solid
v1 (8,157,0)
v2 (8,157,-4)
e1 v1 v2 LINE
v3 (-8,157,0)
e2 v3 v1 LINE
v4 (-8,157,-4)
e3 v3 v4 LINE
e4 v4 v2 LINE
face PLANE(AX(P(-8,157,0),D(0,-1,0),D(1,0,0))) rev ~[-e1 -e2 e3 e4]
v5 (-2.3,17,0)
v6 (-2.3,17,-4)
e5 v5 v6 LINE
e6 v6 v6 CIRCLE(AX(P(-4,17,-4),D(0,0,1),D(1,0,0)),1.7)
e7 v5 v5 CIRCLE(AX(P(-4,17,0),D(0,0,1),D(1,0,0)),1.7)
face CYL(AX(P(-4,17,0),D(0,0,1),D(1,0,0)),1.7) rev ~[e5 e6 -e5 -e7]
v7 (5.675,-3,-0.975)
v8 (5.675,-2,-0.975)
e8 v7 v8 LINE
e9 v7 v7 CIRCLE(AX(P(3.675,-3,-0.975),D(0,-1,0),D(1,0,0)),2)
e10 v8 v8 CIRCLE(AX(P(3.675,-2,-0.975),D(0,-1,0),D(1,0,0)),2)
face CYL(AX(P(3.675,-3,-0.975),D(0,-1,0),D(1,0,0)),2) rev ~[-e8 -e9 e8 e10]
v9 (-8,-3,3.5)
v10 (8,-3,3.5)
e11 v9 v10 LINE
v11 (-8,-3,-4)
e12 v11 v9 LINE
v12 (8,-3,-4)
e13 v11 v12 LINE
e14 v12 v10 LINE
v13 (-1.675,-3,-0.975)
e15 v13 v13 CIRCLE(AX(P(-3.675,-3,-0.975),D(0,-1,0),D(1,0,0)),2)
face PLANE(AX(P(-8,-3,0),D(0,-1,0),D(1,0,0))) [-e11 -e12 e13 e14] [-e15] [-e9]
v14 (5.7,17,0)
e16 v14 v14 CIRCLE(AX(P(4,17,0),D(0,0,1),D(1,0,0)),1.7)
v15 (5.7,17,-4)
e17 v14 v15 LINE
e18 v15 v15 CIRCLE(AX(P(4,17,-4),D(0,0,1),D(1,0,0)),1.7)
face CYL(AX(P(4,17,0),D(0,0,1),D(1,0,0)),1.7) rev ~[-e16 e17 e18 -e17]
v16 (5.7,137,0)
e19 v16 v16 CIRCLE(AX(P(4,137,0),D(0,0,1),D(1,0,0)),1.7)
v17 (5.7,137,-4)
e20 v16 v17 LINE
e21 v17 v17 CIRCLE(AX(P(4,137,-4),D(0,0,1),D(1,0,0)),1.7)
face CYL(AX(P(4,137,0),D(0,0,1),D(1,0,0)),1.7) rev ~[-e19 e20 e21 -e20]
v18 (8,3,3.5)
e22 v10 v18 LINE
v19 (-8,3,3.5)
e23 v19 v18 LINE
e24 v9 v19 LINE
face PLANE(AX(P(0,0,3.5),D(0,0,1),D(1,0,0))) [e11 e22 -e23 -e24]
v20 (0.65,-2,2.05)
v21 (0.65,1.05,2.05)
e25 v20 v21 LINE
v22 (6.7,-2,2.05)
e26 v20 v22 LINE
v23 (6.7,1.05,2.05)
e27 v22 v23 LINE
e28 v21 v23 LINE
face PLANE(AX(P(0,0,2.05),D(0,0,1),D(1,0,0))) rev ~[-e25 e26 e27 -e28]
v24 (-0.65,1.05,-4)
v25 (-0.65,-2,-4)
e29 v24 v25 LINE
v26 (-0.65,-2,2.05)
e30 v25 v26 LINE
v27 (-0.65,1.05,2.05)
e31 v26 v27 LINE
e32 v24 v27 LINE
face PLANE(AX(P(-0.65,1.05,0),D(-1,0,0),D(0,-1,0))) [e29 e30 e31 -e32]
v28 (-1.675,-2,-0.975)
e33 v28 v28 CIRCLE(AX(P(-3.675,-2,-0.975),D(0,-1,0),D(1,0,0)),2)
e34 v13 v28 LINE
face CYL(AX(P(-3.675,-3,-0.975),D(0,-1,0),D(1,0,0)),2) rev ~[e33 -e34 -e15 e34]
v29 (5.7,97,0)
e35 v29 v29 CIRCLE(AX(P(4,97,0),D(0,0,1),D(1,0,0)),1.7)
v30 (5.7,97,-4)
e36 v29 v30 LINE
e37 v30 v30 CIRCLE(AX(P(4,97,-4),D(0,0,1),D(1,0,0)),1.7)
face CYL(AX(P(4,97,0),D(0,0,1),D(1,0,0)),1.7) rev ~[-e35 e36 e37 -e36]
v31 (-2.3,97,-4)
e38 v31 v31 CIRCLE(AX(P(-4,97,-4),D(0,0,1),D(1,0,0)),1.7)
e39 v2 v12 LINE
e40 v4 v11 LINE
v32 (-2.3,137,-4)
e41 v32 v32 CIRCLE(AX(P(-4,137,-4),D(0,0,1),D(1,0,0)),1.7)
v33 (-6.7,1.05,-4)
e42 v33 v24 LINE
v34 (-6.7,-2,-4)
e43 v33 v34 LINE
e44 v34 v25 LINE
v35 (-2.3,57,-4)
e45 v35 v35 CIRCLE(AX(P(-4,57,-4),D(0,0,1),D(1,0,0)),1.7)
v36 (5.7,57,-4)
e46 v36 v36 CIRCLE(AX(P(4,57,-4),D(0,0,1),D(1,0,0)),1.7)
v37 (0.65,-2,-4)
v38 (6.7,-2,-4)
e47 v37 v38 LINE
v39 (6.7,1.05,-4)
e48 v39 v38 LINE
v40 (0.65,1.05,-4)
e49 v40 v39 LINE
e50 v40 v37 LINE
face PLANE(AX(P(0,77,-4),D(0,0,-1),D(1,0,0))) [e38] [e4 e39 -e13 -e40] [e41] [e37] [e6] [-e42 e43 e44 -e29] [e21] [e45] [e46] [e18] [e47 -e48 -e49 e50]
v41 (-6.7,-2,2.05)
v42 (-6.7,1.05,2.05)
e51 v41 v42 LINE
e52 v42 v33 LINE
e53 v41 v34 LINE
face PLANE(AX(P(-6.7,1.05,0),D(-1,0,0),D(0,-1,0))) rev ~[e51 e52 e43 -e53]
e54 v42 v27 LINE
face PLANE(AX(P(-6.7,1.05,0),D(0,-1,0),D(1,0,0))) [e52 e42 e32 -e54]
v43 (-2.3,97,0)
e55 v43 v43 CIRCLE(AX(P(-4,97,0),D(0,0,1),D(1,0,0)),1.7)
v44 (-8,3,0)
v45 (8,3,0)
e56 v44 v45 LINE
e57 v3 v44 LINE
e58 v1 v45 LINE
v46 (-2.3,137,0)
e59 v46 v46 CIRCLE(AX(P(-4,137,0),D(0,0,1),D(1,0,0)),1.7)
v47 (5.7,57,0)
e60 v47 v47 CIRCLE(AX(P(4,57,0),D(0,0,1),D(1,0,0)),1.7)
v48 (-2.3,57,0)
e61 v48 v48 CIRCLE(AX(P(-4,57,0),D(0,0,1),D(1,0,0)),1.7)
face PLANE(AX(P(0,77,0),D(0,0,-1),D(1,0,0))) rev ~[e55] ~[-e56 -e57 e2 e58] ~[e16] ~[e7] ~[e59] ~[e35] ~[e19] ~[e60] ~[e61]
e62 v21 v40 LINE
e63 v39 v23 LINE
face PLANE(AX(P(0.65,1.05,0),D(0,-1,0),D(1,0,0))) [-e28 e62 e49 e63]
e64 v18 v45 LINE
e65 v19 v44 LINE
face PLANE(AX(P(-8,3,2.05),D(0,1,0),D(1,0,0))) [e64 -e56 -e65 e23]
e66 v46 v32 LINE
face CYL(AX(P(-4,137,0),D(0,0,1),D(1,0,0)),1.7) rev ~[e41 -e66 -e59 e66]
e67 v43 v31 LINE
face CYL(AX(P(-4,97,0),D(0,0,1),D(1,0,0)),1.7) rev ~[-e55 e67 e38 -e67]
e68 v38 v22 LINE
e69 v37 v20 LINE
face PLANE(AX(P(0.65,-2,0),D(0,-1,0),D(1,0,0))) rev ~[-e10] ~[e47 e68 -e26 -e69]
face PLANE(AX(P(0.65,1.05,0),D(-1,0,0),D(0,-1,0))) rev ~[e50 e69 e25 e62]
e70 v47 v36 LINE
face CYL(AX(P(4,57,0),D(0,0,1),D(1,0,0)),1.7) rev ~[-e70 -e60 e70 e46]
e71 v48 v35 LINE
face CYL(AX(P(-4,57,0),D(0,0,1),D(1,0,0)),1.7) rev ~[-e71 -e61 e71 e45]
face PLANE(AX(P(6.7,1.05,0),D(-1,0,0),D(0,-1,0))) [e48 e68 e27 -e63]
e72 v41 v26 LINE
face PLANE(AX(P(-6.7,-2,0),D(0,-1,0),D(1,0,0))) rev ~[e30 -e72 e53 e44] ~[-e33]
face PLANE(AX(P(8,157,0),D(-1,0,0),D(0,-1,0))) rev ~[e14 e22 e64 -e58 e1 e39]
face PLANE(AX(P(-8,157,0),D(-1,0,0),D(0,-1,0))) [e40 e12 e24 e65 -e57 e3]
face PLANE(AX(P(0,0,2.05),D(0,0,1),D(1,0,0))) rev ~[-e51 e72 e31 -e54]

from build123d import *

# Parameters (mm, degrees)
SKETCH_W      = 16
SKETCH_H      = 6
SKETCH_W_2    = 6.05
SKETCH_H_2    = 3.05
PAD_DEPTH     = 2.05
SKETCH001_W   = 16
SKETCH001_H   = 6
PAD001_DEPTH  = 1.45
SKETCH002_W   = 16
SKETCH002_H   = 160
SKETCH002_W_2 = 6.05
SKETCH002_H_2 = 3.05
PAD002_DEPTH  = 4
SKETCH003_R   = 1.7
HOLE_DEPTH    = 25
SKETCH004_R   = 2
POCKET_DEPTH  = 1


with BuildPart() as part:
    # Sketch → Pad (new body)
    with BuildSketch(Plane.XY):
        Rectangle(SKETCH_W, SKETCH_H)
        with Locations((3.675, -0.475)):
            Rectangle(SKETCH_W_2, SKETCH_H_2, mode=Mode.SUBTRACT)
        with Locations((-3.675, -0.475)):
            Rectangle(SKETCH_W_2, SKETCH_H_2, mode=Mode.SUBTRACT)
    extrude(amount=PAD_DEPTH)

    # Sketch001 (on Face14 of Pad) → Pad001 (join)
    with BuildSketch(Plane.XY.offset(2.05)):
        Rectangle(SKETCH001_W, SKETCH001_H)
    extrude(amount=PAD001_DEPTH)

    # Sketch002 (on Face1 of Pad001) → Pad002 (join)
    with BuildSketch(Plane(origin=(0, 0, 0), x_dir=(1, 0, 0), z_dir=(0, 0, -1))):
        with Locations((0, -77)):
            Rectangle(SKETCH002_W, SKETCH002_H)
        with Locations((-3.675, 0.475)):
            Rectangle(SKETCH002_W_2, SKETCH002_H_2, mode=Mode.SUBTRACT)
        with Locations((3.675, 0.475)):
            Rectangle(SKETCH002_W_2, SKETCH002_H_2, mode=Mode.SUBTRACT)
    extrude(amount=PAD002_DEPTH)

    # Sketch003 (on Face3 of Pad002) → Hole (cut)
    with BuildSketch(Plane.XY):
        with Locations((4, 97)):
            Circle(SKETCH003_R)
        with Locations((-4, 97)):
            Circle(SKETCH003_R)
        with Locations((4, 17)):
            Circle(SKETCH003_R)
        with Locations((-4, 17)):
            Circle(SKETCH003_R)
        with Locations((4, 57)):
            Circle(SKETCH003_R)
        with Locations((-4, 57)):
            Circle(SKETCH003_R)
        with Locations((-4, 137)):
            Circle(SKETCH003_R)
        with Locations((4, 137)):
            Circle(SKETCH003_R)
    extrude(amount=-HOLE_DEPTH, mode=Mode.SUBTRACT)

    # Sketch004 (on Face3 of Hole) → Pocket (cut)
    with BuildSketch(Plane.XZ.offset(3)):
        with Locations((-3.675, -0.975)):
            Circle(SKETCH004_R)
        with Locations((3.675, -0.975)):
            Circle(SKETCH004_R)
    extrude(amount=-POCKET_DEPTH, mode=Mode.SUBTRACT)


solid = part.part
